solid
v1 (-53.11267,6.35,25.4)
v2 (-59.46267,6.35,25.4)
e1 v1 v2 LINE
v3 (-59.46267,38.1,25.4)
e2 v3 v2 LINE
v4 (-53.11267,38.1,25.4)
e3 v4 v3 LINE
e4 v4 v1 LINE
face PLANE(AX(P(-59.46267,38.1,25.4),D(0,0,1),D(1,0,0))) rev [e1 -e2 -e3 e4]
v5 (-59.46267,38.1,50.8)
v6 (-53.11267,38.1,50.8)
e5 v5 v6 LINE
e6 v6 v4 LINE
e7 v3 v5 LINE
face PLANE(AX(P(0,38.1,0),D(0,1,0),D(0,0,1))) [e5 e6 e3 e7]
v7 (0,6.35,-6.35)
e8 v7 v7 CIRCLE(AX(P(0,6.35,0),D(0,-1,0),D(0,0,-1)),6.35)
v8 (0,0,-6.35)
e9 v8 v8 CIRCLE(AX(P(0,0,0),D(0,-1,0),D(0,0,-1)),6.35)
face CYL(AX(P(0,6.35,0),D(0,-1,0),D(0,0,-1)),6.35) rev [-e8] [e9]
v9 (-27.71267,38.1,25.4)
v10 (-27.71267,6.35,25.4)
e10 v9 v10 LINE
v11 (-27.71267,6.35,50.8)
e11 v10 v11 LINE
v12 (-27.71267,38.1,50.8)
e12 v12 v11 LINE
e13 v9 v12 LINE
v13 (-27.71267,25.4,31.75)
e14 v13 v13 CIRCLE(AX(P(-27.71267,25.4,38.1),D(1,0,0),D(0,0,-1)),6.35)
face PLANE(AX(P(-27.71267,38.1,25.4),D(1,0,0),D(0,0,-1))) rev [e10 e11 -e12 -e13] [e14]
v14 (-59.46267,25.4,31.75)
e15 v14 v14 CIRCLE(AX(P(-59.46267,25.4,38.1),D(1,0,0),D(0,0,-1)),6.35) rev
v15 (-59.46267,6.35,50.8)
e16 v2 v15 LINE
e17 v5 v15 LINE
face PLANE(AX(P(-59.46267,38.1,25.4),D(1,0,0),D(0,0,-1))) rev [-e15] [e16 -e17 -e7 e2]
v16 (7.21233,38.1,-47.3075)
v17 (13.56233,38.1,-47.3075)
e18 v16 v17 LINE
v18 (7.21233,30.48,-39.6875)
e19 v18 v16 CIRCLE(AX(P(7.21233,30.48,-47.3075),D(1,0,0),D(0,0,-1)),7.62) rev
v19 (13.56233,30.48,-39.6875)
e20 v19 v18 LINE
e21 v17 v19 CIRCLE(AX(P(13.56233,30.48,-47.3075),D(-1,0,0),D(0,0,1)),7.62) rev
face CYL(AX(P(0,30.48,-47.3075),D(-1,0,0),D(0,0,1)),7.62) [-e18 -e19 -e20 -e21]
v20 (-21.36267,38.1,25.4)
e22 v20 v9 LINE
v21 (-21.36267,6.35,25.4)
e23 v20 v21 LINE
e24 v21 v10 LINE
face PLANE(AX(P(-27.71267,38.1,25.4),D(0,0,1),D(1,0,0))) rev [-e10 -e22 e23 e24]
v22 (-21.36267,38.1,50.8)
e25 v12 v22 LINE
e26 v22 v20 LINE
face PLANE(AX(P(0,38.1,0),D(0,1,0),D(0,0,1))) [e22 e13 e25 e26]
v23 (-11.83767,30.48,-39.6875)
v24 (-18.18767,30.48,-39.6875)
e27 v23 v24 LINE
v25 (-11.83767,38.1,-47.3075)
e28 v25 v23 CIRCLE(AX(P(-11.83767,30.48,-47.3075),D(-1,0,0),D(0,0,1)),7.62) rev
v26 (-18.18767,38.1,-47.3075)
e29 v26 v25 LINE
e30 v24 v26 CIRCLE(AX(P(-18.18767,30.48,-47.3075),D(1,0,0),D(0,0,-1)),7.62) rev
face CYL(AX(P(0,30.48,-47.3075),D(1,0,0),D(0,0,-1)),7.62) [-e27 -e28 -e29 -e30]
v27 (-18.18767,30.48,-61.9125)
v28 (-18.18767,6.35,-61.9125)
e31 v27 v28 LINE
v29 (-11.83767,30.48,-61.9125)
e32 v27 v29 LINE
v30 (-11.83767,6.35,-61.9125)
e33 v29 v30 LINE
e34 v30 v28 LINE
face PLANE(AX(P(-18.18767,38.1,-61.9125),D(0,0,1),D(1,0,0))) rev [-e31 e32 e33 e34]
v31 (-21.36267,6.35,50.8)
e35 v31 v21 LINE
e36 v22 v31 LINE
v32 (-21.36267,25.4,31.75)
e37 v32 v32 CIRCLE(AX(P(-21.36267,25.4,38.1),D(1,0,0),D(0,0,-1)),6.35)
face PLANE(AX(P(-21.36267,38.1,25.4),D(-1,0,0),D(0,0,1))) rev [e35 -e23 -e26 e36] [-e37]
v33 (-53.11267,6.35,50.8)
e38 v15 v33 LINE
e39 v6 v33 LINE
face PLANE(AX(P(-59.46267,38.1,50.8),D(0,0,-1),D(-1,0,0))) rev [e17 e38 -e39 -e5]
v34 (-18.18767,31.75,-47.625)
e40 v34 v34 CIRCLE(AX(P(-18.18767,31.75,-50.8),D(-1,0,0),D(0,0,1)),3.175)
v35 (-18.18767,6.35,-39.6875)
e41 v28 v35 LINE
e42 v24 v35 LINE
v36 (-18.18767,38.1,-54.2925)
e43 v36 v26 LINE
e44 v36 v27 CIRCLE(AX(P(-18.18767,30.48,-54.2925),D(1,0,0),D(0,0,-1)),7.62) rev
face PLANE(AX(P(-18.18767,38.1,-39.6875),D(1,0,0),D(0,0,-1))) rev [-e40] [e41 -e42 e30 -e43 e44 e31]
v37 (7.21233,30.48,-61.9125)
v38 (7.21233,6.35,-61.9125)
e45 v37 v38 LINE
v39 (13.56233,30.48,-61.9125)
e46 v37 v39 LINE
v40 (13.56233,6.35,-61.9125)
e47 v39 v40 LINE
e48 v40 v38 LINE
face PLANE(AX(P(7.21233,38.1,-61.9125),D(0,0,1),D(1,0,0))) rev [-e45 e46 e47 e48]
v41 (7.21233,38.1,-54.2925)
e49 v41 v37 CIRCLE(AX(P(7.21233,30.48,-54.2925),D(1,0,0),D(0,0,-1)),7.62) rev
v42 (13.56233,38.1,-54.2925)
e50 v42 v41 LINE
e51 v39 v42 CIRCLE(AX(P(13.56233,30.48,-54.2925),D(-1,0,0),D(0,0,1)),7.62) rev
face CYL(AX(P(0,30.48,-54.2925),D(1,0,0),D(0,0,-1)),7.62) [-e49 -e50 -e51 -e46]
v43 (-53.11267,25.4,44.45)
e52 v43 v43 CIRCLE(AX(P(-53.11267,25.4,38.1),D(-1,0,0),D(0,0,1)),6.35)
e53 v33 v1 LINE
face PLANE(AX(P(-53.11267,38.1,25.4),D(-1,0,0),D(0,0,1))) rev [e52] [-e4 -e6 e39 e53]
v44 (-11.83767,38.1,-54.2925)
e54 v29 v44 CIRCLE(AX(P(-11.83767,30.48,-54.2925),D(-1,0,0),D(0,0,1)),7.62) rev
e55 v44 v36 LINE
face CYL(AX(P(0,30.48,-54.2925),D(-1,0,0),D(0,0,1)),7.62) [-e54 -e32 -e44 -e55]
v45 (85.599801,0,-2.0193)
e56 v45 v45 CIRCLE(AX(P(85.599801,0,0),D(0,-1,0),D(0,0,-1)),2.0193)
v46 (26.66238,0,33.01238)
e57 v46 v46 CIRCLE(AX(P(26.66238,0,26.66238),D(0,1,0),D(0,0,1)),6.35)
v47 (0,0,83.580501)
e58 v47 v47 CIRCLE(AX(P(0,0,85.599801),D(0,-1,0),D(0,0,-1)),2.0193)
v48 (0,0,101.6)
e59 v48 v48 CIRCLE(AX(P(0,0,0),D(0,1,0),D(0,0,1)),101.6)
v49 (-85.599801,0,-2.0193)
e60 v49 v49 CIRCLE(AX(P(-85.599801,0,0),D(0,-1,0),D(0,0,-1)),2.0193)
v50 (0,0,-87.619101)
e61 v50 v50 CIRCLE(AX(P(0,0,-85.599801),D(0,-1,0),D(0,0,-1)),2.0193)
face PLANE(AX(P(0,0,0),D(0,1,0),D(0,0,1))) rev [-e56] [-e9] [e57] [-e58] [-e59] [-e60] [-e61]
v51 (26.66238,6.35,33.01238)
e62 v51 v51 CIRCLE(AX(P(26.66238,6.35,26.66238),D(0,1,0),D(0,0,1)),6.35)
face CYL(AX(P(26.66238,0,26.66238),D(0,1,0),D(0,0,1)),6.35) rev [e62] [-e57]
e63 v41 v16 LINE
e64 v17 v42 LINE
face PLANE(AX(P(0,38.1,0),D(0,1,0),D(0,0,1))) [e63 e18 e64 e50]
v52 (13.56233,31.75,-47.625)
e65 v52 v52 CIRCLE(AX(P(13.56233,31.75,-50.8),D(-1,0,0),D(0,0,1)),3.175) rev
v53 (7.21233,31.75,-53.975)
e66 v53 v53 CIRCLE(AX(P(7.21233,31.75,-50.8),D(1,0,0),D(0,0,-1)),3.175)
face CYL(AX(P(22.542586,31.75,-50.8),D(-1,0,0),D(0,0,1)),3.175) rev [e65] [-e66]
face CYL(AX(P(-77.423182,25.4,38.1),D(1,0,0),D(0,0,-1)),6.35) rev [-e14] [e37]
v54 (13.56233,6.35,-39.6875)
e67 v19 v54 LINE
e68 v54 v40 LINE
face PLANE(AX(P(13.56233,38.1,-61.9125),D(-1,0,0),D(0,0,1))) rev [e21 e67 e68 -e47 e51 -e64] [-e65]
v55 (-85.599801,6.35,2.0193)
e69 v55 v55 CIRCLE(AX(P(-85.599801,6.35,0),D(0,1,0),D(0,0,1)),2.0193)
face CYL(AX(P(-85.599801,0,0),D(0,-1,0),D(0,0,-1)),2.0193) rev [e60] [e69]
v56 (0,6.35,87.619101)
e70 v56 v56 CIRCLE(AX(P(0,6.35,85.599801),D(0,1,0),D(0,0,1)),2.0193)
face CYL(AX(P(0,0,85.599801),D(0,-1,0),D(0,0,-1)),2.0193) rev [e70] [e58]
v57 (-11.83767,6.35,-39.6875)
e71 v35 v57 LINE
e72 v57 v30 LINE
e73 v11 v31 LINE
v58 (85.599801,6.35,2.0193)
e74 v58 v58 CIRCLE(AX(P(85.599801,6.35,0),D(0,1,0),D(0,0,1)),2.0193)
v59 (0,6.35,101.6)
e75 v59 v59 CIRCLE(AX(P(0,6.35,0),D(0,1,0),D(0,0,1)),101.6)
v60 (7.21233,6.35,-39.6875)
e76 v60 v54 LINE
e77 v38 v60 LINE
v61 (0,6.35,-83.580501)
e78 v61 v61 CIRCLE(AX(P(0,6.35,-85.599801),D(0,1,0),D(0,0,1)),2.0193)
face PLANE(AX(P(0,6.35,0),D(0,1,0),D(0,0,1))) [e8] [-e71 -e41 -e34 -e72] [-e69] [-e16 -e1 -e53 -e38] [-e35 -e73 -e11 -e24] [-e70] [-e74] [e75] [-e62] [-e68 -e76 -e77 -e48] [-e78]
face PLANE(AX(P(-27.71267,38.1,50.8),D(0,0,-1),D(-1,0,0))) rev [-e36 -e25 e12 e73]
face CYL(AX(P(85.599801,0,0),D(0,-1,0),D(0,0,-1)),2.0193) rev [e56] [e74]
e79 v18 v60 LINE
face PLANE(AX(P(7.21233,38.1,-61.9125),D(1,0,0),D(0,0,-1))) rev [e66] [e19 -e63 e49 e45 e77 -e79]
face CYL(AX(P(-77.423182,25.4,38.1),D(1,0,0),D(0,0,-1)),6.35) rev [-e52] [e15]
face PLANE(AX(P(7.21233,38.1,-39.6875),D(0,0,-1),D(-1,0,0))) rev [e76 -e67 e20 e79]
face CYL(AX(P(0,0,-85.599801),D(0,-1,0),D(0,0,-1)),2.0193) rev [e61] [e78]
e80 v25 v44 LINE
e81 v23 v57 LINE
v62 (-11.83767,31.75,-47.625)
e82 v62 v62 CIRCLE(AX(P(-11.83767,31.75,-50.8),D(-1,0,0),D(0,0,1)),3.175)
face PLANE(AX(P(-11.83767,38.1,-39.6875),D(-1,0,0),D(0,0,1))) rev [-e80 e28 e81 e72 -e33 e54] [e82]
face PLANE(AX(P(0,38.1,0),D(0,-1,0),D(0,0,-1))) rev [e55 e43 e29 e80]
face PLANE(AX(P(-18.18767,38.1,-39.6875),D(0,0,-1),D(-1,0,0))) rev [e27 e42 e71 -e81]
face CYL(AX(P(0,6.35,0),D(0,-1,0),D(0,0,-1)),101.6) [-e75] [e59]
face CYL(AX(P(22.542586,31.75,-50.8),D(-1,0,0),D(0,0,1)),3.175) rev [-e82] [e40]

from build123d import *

# Parameters (mm, degrees)
SKETCH1_R                  = 101.6
BOSS_EXTRUDE1_DEPTH        = 6.35
SKETCH2_R                  = 6.35
CUT_EXTRUDE1_DEPTH         = 144.824345992
SKETCH3_W                  = 6.35
SKETCH3_H                  = 25.4
BOSS_EXTRUDE2_DEPTH        = 31.75
CUT_EXTRUDE2_REACH         = 165.994
SKETCH4_R                  = 6.35
SKETCH5_W                  = 6.35
SKETCH5_H                  = 22.225
BOSS_EXTRUDE3_DEPTH        = 31.75
CUT_EXTRUDE3_REACH         = 163.627
SKETCH6_R                  = 3.175
F_10_32_TAPPED_HOLE1_D     = 4.0386
F_10_32_TAPPED_HOLE1_DEPTH = 12.02944
F_10_32_TAPPED_HOLE1_TIP   = 1.213317848
FILLET1_R                  = 7.62
SKETCH9_R                  = 6.35
CUT_EXTRUDE4_DEPTH         = 148.150203873


with BuildPart() as part:
    # Sketch1 → Boss-Extrude1 (new body)
    with BuildSketch(Plane(origin=(0, 0, 0), x_dir=(1, 0, 0), z_dir=(0, 1, 0))):
        with Locations(Location((0, 0, 0), (0, 0, 270))):
            Circle(SKETCH1_R)
    extrude(amount=BOSS_EXTRUDE1_DEPTH)

    # Sketch2 → Cut-Extrude1 (cut, through all)
    with BuildSketch(Plane.XZ):
        with Locations(Location((0, 0, 0), (0, 0, 270))):
            Circle(SKETCH2_R)
    extrude(amount=-CUT_EXTRUDE1_DEPTH, mode=Mode.SUBTRACT)

    # Sketch3 → Boss-Extrude2 (add)
    with BuildSketch(Plane(origin=(0, 6.35, 0), x_dir=(1, 0, 0), z_dir=(0, 1, 0))):
        with Locations((-56.28767, -38.1)):
            Rectangle(SKETCH3_W, SKETCH3_H)
        with Locations((-24.53767, -38.1)):
            Rectangle(SKETCH3_W, SKETCH3_H)
    extrude(amount=BOSS_EXTRUDE2_DEPTH)

    # Cut-Extrude2: up to this face of the body (flat: up to its plane)
    cut_extrude2_end = Plane(part.part.faces().sort_by_distance((-59.46267, 22.225, 38.1))[0])
    # Sketch4 → Cut-Extrude2 (cut, up to the picked face)
    with BuildSketch(Plane(origin=(-21.36267, 0, 0), x_dir=(0, 0, -1), z_dir=(1, 0, 0)), mode=Mode.PRIVATE) as cut_extrude2_sk1:
        with Locations((-38.1, 25.4)):
            Circle(SKETCH4_R)
    cut_extrude2_tool1 = split(extrude(cut_extrude2_sk1.sketch, amount=-CUT_EXTRUDE2_REACH, mode=Mode.PRIVATE), bisect_by=cut_extrude2_end, keep=Keep.BOTH, mode=Mode.PRIVATE)
    add(cut_extrude2_tool1.solids().sort_by(Axis((-21.36267, 25.4, 38.1), (-1, 0, 0)))[0], mode=Mode.SUBTRACT)

    # Sketch5 → Boss-Extrude3 (add)
    with BuildSketch(Plane(origin=(0, 6.35, 0), x_dir=(1, 0, 0), z_dir=(0, 1, 0))):
        with Locations((-15.01267, 50.8)):
            Rectangle(SKETCH5_W, SKETCH5_H)
        with Locations((10.38733, 50.8)):
            Rectangle(SKETCH5_W, SKETCH5_H)
    extrude(amount=BOSS_EXTRUDE3_DEPTH)

    # Cut-Extrude3: up to this face of the body (flat: up to its plane)
    cut_extrude3_end = Plane(part.part.faces().sort_by_distance((13.56233, 22.225, -50.8))[0])
    # Sketch6 → Cut-Extrude3 (cut, up to the picked face)
    with BuildSketch(Plane.ZY.offset(18.18767), mode=Mode.PRIVATE) as cut_extrude3_sk1:
        with Locations((-50.8, 31.75)):
            Circle(SKETCH6_R)
    cut_extrude3_tool1 = split(extrude(cut_extrude3_sk1.sketch, amount=-CUT_EXTRUDE3_REACH, mode=Mode.PRIVATE), bisect_by=cut_extrude3_end, keep=Keep.BOTH, mode=Mode.PRIVATE)
    add(cut_extrude3_tool1.solids().sort_by(Axis((-18.18767, 31.75, -50.8), (1, 0, 0)))[0], mode=Mode.SUBTRACT)

    # #10-32 Tapped Hole1
    with Locations(Plane(origin=(0, 0, 0), x_dir=(-1, 0, 0), z_dir=(0, -1, 0))):
        with Locations((0, 0), (0, -85.599801346), (-85.599801346, 0), (0, 85.599801346), (85.599801346, 0)):
            Hole(F_10_32_TAPPED_HOLE1_D / 2, depth=F_10_32_TAPPED_HOLE1_DEPTH)
            with Locations((0, 0, -(F_10_32_TAPPED_HOLE1_DEPTH + F_10_32_TAPPED_HOLE1_TIP / 2))):  # 118° drill point
                Cone(0, F_10_32_TAPPED_HOLE1_D / 2, F_10_32_TAPPED_HOLE1_TIP, mode=Mode.SUBTRACT)

    # Fillet1
    fillet1_edges = [part.edges().sort_by_distance(p)[0] for p in [
        (-15.01267, 38.1, -39.6875),
        (-15.01267, 38.1, -61.9125),
        (10.38733, 38.1, -39.6875),
        (10.38733, 38.1, -61.9125),
    ]]
    fillet(fillet1_edges, radius=FILLET1_R)

    # Sketch9 → Cut-Extrude4 (cut, through all)
    with BuildSketch(Plane(origin=(0, 6.35, 0), x_dir=(1, 0, 0), z_dir=(0, 1, 0))):
        with Locations(Location((26.662380423, -26.662380423, 0), (0, 0, 270))):
            Circle(SKETCH9_R)
    extrude(amount=-CUT_EXTRUDE4_DEPTH, mode=Mode.SUBTRACT)


solid = part.part
